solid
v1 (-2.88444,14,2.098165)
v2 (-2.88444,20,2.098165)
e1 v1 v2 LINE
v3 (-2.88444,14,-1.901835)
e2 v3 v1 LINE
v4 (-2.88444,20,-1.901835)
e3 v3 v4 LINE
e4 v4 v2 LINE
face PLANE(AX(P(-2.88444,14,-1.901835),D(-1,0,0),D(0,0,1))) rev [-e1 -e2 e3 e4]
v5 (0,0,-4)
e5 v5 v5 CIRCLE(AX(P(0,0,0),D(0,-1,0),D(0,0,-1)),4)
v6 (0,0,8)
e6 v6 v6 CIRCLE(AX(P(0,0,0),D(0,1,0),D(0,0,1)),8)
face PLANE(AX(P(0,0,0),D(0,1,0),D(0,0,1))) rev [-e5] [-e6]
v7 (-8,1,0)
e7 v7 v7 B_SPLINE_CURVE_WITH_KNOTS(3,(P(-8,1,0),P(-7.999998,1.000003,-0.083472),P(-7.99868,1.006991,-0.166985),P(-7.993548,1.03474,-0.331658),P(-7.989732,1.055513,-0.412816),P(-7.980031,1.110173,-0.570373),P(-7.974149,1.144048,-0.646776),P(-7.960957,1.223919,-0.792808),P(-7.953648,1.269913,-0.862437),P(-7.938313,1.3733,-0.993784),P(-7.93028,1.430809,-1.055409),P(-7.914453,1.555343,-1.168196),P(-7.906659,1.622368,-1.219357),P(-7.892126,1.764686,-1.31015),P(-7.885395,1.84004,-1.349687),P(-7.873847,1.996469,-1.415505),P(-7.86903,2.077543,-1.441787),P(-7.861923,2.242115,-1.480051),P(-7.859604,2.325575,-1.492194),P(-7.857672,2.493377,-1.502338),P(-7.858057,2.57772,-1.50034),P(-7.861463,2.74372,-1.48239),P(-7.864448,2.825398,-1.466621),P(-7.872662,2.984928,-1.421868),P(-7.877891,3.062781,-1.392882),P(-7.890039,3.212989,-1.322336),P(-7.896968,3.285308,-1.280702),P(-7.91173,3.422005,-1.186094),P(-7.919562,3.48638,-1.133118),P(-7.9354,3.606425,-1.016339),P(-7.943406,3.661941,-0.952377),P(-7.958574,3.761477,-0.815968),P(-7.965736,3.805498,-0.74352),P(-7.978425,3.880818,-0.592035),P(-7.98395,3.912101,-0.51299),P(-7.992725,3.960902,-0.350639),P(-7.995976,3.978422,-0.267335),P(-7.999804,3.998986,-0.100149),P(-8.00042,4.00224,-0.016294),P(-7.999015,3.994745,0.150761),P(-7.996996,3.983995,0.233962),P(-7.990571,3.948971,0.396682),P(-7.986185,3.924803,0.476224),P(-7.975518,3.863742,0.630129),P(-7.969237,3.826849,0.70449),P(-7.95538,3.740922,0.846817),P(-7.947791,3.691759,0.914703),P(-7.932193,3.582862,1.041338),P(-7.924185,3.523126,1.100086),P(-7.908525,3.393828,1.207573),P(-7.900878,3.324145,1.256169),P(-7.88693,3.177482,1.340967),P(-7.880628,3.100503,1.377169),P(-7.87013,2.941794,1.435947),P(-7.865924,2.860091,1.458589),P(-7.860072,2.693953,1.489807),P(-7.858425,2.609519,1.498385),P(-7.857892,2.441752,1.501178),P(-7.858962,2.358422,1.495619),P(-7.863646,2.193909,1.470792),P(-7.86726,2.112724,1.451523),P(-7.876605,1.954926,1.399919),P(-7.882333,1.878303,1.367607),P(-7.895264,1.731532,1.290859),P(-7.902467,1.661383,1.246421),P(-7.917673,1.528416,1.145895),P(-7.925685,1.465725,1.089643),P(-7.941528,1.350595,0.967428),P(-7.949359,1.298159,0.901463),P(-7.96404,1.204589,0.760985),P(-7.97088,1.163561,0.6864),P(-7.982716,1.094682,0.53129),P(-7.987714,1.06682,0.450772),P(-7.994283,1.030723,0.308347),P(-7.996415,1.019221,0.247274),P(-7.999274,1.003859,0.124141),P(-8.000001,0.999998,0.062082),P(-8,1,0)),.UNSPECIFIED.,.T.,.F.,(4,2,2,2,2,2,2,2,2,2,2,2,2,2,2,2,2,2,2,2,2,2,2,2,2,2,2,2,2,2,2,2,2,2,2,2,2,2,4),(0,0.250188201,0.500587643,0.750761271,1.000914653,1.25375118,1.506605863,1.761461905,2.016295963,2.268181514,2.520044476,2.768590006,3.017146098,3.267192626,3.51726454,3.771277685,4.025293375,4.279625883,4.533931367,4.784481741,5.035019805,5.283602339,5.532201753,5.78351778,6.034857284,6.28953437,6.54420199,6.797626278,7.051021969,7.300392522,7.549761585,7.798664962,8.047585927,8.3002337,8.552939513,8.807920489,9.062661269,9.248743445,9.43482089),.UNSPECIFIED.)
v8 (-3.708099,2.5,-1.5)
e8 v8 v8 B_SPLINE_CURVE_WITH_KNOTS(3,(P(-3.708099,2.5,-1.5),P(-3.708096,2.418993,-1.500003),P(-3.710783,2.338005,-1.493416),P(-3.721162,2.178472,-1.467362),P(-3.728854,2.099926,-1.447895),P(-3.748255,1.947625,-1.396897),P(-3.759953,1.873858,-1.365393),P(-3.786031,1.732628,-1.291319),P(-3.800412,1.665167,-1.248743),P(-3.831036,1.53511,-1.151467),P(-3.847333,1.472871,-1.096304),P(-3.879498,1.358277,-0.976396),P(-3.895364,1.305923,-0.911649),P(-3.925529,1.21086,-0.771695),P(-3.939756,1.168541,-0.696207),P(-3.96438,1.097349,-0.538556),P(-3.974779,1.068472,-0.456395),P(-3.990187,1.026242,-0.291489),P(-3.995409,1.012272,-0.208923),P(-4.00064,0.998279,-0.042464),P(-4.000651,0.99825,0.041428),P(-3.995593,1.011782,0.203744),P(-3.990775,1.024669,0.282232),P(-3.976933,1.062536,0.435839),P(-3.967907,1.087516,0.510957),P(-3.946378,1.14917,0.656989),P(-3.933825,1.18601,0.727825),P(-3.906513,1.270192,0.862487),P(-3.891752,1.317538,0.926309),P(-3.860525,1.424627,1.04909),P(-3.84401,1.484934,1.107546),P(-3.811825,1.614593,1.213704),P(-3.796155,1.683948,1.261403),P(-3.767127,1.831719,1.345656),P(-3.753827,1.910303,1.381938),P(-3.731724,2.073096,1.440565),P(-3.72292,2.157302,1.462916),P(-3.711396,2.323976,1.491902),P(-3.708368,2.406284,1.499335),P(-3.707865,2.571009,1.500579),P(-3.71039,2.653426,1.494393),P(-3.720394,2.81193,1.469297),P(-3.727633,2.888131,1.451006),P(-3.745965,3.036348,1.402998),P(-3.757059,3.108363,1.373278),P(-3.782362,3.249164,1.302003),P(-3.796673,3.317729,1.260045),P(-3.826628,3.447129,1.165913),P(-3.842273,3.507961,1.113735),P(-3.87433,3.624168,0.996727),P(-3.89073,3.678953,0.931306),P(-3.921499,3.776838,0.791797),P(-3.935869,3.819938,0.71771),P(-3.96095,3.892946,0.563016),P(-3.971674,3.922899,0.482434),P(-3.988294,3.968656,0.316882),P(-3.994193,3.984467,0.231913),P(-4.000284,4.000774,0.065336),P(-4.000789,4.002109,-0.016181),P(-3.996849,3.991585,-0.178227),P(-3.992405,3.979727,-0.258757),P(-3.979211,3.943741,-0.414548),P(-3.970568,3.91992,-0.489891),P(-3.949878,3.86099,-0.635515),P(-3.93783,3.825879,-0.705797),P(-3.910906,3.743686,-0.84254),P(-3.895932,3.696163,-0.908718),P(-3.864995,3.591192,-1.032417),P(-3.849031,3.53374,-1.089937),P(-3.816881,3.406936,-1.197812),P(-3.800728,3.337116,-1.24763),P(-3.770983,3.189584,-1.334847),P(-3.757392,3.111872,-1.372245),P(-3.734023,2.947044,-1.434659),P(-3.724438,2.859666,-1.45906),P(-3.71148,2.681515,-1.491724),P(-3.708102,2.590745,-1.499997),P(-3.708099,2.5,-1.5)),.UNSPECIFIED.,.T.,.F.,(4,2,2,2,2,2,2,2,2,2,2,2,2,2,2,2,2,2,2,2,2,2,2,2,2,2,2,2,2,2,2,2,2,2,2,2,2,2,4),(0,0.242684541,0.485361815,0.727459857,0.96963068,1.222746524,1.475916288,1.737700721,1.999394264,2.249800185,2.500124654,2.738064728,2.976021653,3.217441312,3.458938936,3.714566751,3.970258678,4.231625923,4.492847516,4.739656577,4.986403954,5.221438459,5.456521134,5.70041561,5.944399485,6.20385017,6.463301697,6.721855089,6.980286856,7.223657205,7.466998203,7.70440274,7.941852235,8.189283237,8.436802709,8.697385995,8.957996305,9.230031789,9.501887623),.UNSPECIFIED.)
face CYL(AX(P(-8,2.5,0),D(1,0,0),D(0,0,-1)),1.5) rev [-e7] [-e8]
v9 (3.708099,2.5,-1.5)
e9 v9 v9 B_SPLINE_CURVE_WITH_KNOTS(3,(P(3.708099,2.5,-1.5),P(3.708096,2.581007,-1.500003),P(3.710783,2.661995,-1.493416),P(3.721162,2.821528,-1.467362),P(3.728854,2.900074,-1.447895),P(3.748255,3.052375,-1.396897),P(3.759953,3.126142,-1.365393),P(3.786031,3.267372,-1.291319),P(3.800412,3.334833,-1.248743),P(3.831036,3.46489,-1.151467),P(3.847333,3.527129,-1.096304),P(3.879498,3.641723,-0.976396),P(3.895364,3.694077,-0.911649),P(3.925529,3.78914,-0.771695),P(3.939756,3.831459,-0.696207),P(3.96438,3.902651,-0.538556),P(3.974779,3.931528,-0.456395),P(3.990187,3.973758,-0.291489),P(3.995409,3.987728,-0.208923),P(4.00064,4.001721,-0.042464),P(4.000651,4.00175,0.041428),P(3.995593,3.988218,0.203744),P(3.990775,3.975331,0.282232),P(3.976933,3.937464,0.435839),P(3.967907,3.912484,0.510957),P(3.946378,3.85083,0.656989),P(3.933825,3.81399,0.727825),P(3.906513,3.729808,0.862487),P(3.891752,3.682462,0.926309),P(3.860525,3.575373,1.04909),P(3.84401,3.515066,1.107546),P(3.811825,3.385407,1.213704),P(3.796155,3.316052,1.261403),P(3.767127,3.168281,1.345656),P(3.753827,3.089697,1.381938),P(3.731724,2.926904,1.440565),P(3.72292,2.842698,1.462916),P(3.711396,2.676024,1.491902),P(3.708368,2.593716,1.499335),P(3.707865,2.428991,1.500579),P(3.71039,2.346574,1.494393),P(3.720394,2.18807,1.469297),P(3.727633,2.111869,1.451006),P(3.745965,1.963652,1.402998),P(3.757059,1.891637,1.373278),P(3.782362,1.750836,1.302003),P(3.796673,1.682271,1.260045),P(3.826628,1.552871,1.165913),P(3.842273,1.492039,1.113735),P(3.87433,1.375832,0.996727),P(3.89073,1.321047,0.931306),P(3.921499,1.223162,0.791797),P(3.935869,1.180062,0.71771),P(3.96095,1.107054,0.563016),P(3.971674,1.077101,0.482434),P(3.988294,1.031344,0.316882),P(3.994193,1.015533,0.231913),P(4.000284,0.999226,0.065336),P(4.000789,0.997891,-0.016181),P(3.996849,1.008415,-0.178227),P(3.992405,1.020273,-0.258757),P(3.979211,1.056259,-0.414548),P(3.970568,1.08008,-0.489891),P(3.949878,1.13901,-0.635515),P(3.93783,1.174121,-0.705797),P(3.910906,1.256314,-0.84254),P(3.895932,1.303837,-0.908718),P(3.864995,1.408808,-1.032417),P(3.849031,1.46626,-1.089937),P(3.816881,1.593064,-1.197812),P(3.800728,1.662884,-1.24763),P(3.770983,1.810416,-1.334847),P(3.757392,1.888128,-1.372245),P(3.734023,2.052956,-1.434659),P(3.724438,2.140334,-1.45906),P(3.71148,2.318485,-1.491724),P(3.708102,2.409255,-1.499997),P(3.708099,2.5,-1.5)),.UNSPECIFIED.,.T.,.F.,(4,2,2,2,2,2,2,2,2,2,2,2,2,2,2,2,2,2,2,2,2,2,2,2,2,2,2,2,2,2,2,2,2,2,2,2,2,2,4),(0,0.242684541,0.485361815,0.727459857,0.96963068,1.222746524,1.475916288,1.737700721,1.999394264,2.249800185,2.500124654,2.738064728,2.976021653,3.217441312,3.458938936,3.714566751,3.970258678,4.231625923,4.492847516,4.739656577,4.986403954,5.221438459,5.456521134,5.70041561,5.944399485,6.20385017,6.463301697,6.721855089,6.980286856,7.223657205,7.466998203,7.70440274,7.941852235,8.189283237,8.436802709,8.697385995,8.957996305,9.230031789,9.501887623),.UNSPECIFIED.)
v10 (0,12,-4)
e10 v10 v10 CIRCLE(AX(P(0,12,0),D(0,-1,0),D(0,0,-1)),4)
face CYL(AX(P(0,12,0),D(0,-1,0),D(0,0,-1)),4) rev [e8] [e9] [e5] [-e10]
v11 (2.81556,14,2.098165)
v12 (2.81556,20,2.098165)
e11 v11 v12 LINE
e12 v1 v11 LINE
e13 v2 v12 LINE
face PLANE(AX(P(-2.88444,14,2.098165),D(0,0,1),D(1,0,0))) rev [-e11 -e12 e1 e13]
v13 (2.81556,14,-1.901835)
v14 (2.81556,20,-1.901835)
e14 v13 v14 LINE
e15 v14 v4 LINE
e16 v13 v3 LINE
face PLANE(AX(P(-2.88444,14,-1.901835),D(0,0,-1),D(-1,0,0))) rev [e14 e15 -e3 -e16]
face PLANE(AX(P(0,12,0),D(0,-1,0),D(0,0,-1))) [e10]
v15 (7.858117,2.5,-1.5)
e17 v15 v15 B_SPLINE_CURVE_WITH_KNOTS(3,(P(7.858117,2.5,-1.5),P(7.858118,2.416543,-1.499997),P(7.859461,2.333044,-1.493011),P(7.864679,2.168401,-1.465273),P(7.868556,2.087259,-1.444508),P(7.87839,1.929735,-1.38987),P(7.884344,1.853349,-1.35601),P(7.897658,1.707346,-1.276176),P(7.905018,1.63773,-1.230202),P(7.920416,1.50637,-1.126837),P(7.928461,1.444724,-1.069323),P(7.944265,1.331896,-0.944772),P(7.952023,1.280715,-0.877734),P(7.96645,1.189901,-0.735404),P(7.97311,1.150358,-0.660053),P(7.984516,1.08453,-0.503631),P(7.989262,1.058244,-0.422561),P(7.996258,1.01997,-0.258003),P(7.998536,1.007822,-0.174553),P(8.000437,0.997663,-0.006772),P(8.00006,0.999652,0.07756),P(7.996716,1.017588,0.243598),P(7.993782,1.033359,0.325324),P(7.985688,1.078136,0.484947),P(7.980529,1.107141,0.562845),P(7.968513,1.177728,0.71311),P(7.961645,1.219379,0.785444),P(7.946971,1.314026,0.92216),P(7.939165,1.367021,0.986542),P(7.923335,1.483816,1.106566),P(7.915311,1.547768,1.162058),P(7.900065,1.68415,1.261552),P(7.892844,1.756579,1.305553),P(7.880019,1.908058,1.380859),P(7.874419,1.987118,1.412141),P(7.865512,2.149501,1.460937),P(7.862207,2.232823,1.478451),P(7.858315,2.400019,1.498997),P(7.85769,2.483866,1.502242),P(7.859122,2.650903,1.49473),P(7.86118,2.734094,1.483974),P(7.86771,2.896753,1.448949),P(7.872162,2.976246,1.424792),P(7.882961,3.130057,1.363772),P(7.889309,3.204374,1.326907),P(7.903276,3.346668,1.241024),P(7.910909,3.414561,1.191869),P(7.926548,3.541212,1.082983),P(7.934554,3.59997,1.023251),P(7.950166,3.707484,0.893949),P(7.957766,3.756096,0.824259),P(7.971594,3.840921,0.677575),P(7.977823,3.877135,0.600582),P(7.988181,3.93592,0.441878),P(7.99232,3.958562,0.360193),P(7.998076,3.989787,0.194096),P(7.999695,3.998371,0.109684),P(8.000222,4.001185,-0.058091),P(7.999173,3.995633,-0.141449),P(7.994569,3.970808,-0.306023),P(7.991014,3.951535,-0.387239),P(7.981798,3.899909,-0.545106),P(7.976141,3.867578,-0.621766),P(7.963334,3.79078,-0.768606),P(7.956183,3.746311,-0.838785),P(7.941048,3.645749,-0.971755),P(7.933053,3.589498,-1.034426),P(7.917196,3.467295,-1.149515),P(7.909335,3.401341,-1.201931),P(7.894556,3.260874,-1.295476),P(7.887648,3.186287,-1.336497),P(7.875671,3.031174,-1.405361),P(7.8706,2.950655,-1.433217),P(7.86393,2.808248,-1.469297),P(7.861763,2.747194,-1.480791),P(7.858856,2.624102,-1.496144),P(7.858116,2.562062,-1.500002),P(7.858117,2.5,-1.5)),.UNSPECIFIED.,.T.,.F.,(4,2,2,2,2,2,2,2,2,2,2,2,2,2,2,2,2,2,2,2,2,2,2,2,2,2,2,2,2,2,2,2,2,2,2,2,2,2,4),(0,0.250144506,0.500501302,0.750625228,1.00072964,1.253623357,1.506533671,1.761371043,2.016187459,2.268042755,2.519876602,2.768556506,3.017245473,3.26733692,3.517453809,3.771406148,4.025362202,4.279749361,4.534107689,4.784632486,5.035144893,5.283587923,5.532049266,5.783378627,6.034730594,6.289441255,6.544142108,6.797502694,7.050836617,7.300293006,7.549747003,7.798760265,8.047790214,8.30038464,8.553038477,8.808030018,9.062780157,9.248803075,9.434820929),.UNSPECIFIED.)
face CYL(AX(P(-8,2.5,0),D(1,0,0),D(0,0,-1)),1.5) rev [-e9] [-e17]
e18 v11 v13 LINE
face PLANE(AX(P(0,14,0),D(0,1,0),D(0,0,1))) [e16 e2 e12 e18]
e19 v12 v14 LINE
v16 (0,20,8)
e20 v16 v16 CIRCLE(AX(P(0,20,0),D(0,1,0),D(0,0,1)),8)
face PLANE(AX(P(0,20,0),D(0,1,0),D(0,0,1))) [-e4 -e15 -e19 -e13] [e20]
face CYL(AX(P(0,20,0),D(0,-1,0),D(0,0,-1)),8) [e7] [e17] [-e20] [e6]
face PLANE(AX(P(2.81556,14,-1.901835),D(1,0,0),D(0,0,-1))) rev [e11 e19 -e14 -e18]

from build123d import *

# Parameters (mm, degrees)
SKETCH3_R               = 8
BOSS_EXTRUDE1_DEPTH     = 20
SKETCH4_R               = 4
CUT_EXTRUDE1_DEPTH      = 12
CUT_EXTRUDE2_DEPTH      = 23.978250586
CUT_EXTRUDE2_DEPTH_BACK = 23.978250586
SKETCH5_R               = 1.5
SKETCH6_W               = 5.7
SKETCH6_H               = 4
CUT_EXTRUDE3_DEPTH      = 6


with BuildPart() as part:
    # Sketch3 → Boss-Extrude1 (new body)
    with BuildSketch(Plane(origin=(0, 0, 0), x_dir=(1, 0, 0), z_dir=(0, 1, 0))):
        with Locations(Location((0, 0, 0), (0, 0, 270))):
            Circle(SKETCH3_R)
    extrude(amount=BOSS_EXTRUDE1_DEPTH)

    # Sketch4 → Cut-Extrude1 (cut)
    with BuildSketch(Plane.XZ):
        with Locations(Location((0, 0, 0), (0, 0, 270))):
            Circle(SKETCH4_R)
    extrude(amount=-CUT_EXTRUDE1_DEPTH, mode=Mode.SUBTRACT)

    # Sketch5 → Cut-Extrude2 (cut, two sides: drawn at the far end of the back side and taken through both)
    with BuildSketch(Plane(origin=(0, 0, 0), x_dir=(0, 0, -1), z_dir=(1, 0, 0)).offset(-CUT_EXTRUDE2_DEPTH_BACK)):
        with Locations((0, 2.5)):
            Circle(SKETCH5_R)
    extrude(amount=CUT_EXTRUDE2_DEPTH + CUT_EXTRUDE2_DEPTH_BACK, mode=Mode.SUBTRACT)

    # Sketch6 → Cut-Extrude3 (cut)
    with BuildSketch(Plane(origin=(0, 20, 0), x_dir=(1, 0, 0), z_dir=(0, 1, 0))):
        with Locations((-0.034439742, -0.098165146)):
            Rectangle(SKETCH6_W, SKETCH6_H)
    extrude(amount=-CUT_EXTRUDE3_DEPTH, mode=Mode.SUBTRACT)


solid = part.part
